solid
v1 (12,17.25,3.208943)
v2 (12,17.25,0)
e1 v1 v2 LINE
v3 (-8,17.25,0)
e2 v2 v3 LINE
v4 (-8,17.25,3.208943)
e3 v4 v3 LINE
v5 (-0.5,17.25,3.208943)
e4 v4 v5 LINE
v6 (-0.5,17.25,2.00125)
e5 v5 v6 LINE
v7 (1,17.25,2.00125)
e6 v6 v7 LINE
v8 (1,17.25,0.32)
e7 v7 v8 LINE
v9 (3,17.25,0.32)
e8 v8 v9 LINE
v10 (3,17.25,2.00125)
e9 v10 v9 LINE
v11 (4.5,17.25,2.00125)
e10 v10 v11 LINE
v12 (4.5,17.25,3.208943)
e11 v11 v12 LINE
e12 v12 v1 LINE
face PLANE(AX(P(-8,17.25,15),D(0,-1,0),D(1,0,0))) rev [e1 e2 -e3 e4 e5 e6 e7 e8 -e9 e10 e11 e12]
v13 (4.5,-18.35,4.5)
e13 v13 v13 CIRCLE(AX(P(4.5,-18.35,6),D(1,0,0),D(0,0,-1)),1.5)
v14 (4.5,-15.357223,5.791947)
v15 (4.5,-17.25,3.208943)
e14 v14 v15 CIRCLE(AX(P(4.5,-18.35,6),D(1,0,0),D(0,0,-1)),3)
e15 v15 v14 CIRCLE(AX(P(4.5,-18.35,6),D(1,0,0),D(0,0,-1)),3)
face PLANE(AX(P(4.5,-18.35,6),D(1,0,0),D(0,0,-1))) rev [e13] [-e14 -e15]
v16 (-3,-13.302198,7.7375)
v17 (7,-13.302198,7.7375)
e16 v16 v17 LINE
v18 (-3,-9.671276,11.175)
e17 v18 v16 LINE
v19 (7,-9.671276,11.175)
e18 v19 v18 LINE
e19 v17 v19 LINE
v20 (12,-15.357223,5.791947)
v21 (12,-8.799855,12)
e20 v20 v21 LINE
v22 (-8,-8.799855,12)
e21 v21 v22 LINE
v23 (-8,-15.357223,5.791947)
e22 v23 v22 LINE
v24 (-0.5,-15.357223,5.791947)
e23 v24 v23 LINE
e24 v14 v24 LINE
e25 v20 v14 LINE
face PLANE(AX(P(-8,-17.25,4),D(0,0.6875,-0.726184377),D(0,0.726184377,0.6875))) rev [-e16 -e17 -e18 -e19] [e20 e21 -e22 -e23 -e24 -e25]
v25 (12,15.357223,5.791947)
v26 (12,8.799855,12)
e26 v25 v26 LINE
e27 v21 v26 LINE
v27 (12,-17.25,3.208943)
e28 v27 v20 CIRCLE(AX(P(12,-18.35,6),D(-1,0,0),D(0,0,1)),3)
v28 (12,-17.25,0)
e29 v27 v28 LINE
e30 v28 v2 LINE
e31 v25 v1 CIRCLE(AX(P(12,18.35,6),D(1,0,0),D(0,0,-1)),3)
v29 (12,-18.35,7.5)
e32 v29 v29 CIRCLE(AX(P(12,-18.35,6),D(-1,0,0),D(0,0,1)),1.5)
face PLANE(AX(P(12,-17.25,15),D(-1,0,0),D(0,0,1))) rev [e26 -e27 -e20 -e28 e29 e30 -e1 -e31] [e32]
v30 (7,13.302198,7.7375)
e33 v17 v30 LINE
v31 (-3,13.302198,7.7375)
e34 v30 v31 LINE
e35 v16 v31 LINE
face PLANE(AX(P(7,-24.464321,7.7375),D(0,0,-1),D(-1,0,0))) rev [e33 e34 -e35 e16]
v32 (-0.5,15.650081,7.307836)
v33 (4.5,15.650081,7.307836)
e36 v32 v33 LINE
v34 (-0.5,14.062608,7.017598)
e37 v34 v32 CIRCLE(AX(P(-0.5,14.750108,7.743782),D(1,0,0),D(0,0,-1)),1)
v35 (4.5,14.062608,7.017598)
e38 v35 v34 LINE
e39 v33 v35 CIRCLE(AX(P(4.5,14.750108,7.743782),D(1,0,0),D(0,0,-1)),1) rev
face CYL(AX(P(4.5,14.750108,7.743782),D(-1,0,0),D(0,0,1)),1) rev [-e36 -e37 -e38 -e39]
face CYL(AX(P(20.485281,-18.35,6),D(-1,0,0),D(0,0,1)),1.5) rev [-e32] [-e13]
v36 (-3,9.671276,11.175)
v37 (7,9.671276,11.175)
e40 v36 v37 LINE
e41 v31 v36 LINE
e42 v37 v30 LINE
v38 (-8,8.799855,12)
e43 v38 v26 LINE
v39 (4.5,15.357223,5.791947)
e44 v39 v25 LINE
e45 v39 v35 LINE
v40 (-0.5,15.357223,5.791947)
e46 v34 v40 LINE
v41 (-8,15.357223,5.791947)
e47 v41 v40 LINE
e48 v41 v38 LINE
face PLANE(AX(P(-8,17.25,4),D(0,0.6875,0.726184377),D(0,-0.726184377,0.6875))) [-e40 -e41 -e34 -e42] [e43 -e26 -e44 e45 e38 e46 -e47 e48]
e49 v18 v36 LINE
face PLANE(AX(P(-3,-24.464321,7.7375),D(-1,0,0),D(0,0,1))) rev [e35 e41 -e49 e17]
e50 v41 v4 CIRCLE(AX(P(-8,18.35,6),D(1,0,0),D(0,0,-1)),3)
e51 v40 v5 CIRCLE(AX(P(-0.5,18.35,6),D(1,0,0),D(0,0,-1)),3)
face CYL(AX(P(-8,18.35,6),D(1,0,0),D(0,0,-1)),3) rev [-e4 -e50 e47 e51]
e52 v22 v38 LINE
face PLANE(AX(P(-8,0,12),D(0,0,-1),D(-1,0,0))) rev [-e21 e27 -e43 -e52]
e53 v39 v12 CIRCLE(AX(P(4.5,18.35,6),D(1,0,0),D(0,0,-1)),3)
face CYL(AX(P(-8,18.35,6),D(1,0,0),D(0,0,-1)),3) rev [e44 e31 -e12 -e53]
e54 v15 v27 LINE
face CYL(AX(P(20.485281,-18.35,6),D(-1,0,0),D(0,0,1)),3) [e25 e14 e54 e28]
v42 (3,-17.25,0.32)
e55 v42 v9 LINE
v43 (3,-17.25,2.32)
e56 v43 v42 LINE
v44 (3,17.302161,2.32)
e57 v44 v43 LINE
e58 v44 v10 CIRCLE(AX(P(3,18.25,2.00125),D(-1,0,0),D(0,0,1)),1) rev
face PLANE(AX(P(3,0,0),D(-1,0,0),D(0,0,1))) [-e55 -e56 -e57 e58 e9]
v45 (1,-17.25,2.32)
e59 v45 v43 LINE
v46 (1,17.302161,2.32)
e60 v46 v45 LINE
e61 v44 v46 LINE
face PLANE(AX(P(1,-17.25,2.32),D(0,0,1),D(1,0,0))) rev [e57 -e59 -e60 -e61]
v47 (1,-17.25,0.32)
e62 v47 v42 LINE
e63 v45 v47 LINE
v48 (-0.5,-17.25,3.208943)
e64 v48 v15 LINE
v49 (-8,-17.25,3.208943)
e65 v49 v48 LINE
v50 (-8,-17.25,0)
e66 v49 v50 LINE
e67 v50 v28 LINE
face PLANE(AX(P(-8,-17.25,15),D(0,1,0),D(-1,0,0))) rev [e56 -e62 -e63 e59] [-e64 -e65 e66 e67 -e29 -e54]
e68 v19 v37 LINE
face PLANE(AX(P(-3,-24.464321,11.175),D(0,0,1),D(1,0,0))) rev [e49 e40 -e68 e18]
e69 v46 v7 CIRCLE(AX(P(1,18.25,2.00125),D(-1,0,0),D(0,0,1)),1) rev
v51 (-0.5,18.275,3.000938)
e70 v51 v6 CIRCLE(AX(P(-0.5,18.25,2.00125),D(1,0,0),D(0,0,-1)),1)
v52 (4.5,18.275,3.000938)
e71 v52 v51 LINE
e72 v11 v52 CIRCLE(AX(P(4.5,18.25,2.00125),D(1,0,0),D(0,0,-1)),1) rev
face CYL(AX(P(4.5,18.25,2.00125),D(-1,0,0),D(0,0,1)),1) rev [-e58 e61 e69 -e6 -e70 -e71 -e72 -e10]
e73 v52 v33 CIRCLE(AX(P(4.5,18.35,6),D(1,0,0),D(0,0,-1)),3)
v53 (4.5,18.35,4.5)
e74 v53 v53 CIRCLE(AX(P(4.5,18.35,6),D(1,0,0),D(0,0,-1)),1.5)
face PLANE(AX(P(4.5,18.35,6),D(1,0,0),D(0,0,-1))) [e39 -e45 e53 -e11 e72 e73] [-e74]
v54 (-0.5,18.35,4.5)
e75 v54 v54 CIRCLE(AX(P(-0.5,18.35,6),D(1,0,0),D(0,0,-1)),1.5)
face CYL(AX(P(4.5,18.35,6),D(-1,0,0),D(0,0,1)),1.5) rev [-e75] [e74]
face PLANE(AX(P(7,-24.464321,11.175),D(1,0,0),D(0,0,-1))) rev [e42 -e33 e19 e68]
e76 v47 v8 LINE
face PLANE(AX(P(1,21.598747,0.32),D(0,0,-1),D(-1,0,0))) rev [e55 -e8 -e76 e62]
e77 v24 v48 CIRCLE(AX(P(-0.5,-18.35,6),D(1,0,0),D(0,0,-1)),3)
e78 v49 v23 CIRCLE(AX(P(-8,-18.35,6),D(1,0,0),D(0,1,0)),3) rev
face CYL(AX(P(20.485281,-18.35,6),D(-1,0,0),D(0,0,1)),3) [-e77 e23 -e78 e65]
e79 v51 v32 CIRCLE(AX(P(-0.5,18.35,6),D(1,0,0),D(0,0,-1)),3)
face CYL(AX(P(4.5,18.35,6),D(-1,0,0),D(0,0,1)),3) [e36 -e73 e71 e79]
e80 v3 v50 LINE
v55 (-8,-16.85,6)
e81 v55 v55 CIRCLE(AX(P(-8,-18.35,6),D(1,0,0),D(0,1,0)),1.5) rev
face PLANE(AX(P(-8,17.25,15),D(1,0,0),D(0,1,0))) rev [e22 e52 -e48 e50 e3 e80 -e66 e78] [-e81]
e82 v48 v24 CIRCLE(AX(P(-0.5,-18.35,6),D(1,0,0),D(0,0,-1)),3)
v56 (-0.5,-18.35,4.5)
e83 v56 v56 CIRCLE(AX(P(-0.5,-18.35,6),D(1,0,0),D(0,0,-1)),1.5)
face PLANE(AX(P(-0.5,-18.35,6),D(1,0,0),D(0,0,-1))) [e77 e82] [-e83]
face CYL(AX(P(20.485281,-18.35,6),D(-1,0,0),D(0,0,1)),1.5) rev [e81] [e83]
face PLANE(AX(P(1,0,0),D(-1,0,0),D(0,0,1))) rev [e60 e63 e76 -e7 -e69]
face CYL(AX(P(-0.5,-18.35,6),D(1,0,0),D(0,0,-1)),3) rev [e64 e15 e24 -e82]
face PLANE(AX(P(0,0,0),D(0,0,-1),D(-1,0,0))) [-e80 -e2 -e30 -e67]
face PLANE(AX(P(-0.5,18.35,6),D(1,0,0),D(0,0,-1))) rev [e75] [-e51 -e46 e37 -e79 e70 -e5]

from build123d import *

# Parameters (mm, degrees)
SKETCH2_W                       = 20
SKETCH2_H                       = 34.5
BOSS_EXTRUDE1_DEPTH             = 15
CUT_EXTRUDE1_DEPTH              = 25.951202376
CUT_EXTRUDE1_DEPTH_BACK         = 25.951202376
CUT_EXTRUDE2_DEPTH              = 25.951202376
CUT_EXTRUDE2_DEPTH_BACK         = 25.951202376
CUT_EXTRUDE4_DEPTH              = 25.951202376
CUT_EXTRUDE4_DEPTH_BACK         = 25.951202376
SKETCH10_R                      = 3
SKETCH12_R                      = 3
SKETCH12_R_2                    = 1.5
BOSS_EXTRUDE4_DEPTH             = 2.5
FILLET4_R                       = 1
BOSS_EXTRUDE5_REACH             = 29.943
SKETCH13_R                      = 3
SKETCH13_R_2                    = 1.5
BOSS_EXTRUDE5_DIRECTION_2_REACH = 29.943
SKETCH14_R                      = 3
CUT_EXTRUDE6_DEPTH              = 2.5
CUT_EXTRUDE7_DEPTH              = 28.94320132
CUT_EXTRUDE7_DEPTH_BACK         = 28.94320132
CUT_EXTRUDE8_REACH              = 29.273
SKETCH17_W                      = 10
SKETCH17_H                      = 3.4375
CUT_EXTRUDE8_DIRECTION_2_REACH  = 29.273
SKETCH18_W                      = 2
SKETCH18_H                      = 38.848747282
CUT_EXTRUDE9_DEPTH              = 1


with BuildPart() as part:
    # Sketch2 → Boss-Extrude1 (new body)
    with BuildSketch(Plane.XY):
        with Locations((2, 0)):
            Rectangle(SKETCH2_W, SKETCH2_H)
    extrude(amount=BOSS_EXTRUDE1_DEPTH)

    # Sketch6 → Cut-Extrude1 (cut, two sides: drawn at the far end of the back side and taken through both)
    with BuildSketch(Plane(origin=(2, 0, 0), x_dir=(0, 0, -1), z_dir=(1, 0, 0)).offset(-CUT_EXTRUDE1_DEPTH_BACK)):
        Polygon((-4, 17.25), (-15, 5.631049961), (-15, 17.25), align=None)
    extrude(amount=CUT_EXTRUDE1_DEPTH + CUT_EXTRUDE1_DEPTH_BACK, mode=Mode.SUBTRACT)

    # Sketch8 → Cut-Extrude2 (cut, two sides: drawn at the far end of the back side and taken through both)
    with BuildSketch(Plane(origin=(2, 0, 0), x_dir=(0, 0, -1), z_dir=(1, 0, 0)).offset(-CUT_EXTRUDE2_DEPTH_BACK)):
        Polygon((-4, -17.25), (-15, -5.631049961), (-15, -17.25), align=None)
    extrude(amount=CUT_EXTRUDE2_DEPTH + CUT_EXTRUDE2_DEPTH_BACK, mode=Mode.SUBTRACT)

    # Sketch10 → Cut-Extrude4 (cut, two sides: drawn at the far end of the back side and taken through both)
    with BuildSketch(Plane(origin=(2, 0, 0), x_dir=(0, 0, -1), z_dir=(1, 0, 0)).offset(-CUT_EXTRUDE4_DEPTH_BACK)):
        with Locations((-6, 18.35)):
            Circle(SKETCH10_R)
    extrude(amount=CUT_EXTRUDE4_DEPTH + CUT_EXTRUDE4_DEPTH_BACK, mode=Mode.SUBTRACT)

    # Sketch12 → Boss-Extrude4 (add, symmetric)
    with BuildSketch(Plane(origin=(2, 0, 0), x_dir=(0, 0, -1), z_dir=(1, 0, 0))):
        with Locations((-6, 18.35)):
            Circle(SKETCH12_R)
        with Locations((-6, 18.35)):
            Circle(SKETCH12_R_2, mode=Mode.SUBTRACT)
    extrude(amount=BOSS_EXTRUDE4_DEPTH, both=True)

    # Fillet4
    fillet4_edges = [part.edges().sort_by_distance(p)[0] for p in [
        (2, 15.357223012, 5.791947362),
        (2, 17.25, 3.208942853),
    ]]
    fillet(fillet4_edges, radius=FILLET4_R)

    # Boss-Extrude5: up to this face of the body (flat: up to its plane)
    boss_extrude5_end = Plane(part.part.faces().sort_by_distance((12, -0.0739089, 6.251251182))[0])
    # Sketch13 → Boss-Extrude5 (add, up to the picked face)
    with BuildSketch(Plane(origin=(2, 0, 0), x_dir=(0, 0, -1), z_dir=(1, 0, 0)), mode=Mode.PRIVATE) as boss_extrude5_sk1:
        with Locations((-6, -18.35)):
            Circle(SKETCH13_R)
        with Locations(Location((-6, -18.35, 0), (0, 0, 180))):
            Circle(SKETCH13_R_2, mode=Mode.SUBTRACT)
    boss_extrude5_tool1 = split(extrude(boss_extrude5_sk1.sketch, amount=BOSS_EXTRUDE5_REACH, mode=Mode.PRIVATE), bisect_by=boss_extrude5_end, keep=Keep.BOTH, mode=Mode.PRIVATE)
    add(boss_extrude5_tool1.solids().sort_by(Axis((2, -18.35, 8.915147), (1, 0, 0)))[0])

    # Boss-Extrude5 direction 2: up to this face of the body (flat: up to its plane)
    boss_extrude5_direction_2_end = Plane(part.part.faces().sort_by_distance((-8, -0.0739089, 6.251251182))[0])
    # Sketch13 → Boss-Extrude5 direction 2 (add, up to the picked face)
    with BuildSketch(Plane(origin=(2, 0, 0), x_dir=(0, 0, -1), z_dir=(1, 0, 0)), mode=Mode.PRIVATE) as boss_extrude5_direction_2_sk1:
        with Locations((-6, -18.35)):
            Circle(SKETCH13_R)
        with Locations(Location((-6, -18.35, 0), (0, 0, 180))):
            Circle(SKETCH13_R_2, mode=Mode.SUBTRACT)
    boss_extrude5_direction_2_tool1 = split(extrude(boss_extrude5_direction_2_sk1.sketch, amount=-BOSS_EXTRUDE5_DIRECTION_2_REACH, mode=Mode.PRIVATE), bisect_by=boss_extrude5_direction_2_end, keep=Keep.BOTH, mode=Mode.PRIVATE)
    add(boss_extrude5_direction_2_tool1.solids().sort_by(Axis((2, -18.35, 8.915147), (-1, 0, 0)))[0])

    # Sketch14 → Cut-Extrude6 (cut, symmetric)
    with BuildSketch(Plane(origin=(2, 0, 0), x_dir=(0, 0, -1), z_dir=(1, 0, 0))):
        with Locations((-6, -18.35)):
            Circle(SKETCH14_R)
    extrude(amount=CUT_EXTRUDE6_DEPTH, both=True, mode=Mode.SUBTRACT)

    # Sketch15 → Cut-Extrude7 (cut, two sides: drawn at the far end of the back side and taken through both)
    with BuildSketch(Plane(origin=(2, 0, 0), x_dir=(0, 0, -1), z_dir=(1, 0, 0)).offset(-CUT_EXTRUDE7_DEPTH_BACK)):
        Polygon((-16.548060764, -12.233536013), (-12, -12.233536013), (-12, 0), (-12, 8.799854517), (-16.548060764, 8.799854517), (-16.548060764, -7.042323617), align=None)
    extrude(amount=CUT_EXTRUDE7_DEPTH + CUT_EXTRUDE7_DEPTH_BACK, mode=Mode.SUBTRACT)

    # Cut-Extrude8: up to this plane
    cut_extrude8_end = Plane(origin=(-8, -17.25, 4), z_dir=(0, 0.6875, -0.7261843774138907))
    # Sketch17 → Cut-Extrude8 (cut, up to the surface)
    with BuildSketch(Plane(origin=(0, 0, 0), x_dir=(1, 0, 0), z_dir=(0, 1, 0)), mode=Mode.PRIVATE) as cut_extrude8_sk1:
        with Locations((2, -9.45625)):
            Rectangle(SKETCH17_W, SKETCH17_H)
    cut_extrude8_tool1 = split(extrude(cut_extrude8_sk1.sketch, amount=-CUT_EXTRUDE8_REACH, mode=Mode.PRIVATE), bisect_by=cut_extrude8_end, keep=Keep.BOTH, mode=Mode.PRIVATE)
    add(cut_extrude8_tool1.solids().sort_by_distance((2, 0, 9.45625))[0], mode=Mode.SUBTRACT)

    # Cut-Extrude8 direction 2: up to this plane
    cut_extrude8_direction_2_end = Plane(origin=(-8, 17.25, 4), z_dir=(0, 0.6875, 0.7261843774138907))
    # Sketch17 → Cut-Extrude8 direction 2 (cut, up to the surface)
    with BuildSketch(Plane(origin=(0, 0, 0), x_dir=(1, 0, 0), z_dir=(0, 1, 0)), mode=Mode.PRIVATE) as cut_extrude8_direction_2_sk1:
        with Locations((2, -9.45625)):
            Rectangle(SKETCH17_W, SKETCH17_H)
    cut_extrude8_direction_2_tool1 = split(extrude(cut_extrude8_direction_2_sk1.sketch, amount=CUT_EXTRUDE8_DIRECTION_2_REACH, mode=Mode.PRIVATE), bisect_by=cut_extrude8_direction_2_end, keep=Keep.BOTH, mode=Mode.PRIVATE)
    add(cut_extrude8_direction_2_tool1.solids().sort_by_distance((2, 0, 9.45625))[0], mode=Mode.SUBTRACT)

    # Sketch18 → Cut-Extrude9 (cut, symmetric)
    with BuildSketch(Plane(origin=(2, 0, 0), x_dir=(0, 0, -1), z_dir=(1, 0, 0))):
        with Locations((-1.32, 2.174373641)):
            Rectangle(SKETCH18_W, SKETCH18_H)
    extrude(amount=CUT_EXTRUDE9_DEPTH, both=True, mode=Mode.SUBTRACT)


solid = part.part
